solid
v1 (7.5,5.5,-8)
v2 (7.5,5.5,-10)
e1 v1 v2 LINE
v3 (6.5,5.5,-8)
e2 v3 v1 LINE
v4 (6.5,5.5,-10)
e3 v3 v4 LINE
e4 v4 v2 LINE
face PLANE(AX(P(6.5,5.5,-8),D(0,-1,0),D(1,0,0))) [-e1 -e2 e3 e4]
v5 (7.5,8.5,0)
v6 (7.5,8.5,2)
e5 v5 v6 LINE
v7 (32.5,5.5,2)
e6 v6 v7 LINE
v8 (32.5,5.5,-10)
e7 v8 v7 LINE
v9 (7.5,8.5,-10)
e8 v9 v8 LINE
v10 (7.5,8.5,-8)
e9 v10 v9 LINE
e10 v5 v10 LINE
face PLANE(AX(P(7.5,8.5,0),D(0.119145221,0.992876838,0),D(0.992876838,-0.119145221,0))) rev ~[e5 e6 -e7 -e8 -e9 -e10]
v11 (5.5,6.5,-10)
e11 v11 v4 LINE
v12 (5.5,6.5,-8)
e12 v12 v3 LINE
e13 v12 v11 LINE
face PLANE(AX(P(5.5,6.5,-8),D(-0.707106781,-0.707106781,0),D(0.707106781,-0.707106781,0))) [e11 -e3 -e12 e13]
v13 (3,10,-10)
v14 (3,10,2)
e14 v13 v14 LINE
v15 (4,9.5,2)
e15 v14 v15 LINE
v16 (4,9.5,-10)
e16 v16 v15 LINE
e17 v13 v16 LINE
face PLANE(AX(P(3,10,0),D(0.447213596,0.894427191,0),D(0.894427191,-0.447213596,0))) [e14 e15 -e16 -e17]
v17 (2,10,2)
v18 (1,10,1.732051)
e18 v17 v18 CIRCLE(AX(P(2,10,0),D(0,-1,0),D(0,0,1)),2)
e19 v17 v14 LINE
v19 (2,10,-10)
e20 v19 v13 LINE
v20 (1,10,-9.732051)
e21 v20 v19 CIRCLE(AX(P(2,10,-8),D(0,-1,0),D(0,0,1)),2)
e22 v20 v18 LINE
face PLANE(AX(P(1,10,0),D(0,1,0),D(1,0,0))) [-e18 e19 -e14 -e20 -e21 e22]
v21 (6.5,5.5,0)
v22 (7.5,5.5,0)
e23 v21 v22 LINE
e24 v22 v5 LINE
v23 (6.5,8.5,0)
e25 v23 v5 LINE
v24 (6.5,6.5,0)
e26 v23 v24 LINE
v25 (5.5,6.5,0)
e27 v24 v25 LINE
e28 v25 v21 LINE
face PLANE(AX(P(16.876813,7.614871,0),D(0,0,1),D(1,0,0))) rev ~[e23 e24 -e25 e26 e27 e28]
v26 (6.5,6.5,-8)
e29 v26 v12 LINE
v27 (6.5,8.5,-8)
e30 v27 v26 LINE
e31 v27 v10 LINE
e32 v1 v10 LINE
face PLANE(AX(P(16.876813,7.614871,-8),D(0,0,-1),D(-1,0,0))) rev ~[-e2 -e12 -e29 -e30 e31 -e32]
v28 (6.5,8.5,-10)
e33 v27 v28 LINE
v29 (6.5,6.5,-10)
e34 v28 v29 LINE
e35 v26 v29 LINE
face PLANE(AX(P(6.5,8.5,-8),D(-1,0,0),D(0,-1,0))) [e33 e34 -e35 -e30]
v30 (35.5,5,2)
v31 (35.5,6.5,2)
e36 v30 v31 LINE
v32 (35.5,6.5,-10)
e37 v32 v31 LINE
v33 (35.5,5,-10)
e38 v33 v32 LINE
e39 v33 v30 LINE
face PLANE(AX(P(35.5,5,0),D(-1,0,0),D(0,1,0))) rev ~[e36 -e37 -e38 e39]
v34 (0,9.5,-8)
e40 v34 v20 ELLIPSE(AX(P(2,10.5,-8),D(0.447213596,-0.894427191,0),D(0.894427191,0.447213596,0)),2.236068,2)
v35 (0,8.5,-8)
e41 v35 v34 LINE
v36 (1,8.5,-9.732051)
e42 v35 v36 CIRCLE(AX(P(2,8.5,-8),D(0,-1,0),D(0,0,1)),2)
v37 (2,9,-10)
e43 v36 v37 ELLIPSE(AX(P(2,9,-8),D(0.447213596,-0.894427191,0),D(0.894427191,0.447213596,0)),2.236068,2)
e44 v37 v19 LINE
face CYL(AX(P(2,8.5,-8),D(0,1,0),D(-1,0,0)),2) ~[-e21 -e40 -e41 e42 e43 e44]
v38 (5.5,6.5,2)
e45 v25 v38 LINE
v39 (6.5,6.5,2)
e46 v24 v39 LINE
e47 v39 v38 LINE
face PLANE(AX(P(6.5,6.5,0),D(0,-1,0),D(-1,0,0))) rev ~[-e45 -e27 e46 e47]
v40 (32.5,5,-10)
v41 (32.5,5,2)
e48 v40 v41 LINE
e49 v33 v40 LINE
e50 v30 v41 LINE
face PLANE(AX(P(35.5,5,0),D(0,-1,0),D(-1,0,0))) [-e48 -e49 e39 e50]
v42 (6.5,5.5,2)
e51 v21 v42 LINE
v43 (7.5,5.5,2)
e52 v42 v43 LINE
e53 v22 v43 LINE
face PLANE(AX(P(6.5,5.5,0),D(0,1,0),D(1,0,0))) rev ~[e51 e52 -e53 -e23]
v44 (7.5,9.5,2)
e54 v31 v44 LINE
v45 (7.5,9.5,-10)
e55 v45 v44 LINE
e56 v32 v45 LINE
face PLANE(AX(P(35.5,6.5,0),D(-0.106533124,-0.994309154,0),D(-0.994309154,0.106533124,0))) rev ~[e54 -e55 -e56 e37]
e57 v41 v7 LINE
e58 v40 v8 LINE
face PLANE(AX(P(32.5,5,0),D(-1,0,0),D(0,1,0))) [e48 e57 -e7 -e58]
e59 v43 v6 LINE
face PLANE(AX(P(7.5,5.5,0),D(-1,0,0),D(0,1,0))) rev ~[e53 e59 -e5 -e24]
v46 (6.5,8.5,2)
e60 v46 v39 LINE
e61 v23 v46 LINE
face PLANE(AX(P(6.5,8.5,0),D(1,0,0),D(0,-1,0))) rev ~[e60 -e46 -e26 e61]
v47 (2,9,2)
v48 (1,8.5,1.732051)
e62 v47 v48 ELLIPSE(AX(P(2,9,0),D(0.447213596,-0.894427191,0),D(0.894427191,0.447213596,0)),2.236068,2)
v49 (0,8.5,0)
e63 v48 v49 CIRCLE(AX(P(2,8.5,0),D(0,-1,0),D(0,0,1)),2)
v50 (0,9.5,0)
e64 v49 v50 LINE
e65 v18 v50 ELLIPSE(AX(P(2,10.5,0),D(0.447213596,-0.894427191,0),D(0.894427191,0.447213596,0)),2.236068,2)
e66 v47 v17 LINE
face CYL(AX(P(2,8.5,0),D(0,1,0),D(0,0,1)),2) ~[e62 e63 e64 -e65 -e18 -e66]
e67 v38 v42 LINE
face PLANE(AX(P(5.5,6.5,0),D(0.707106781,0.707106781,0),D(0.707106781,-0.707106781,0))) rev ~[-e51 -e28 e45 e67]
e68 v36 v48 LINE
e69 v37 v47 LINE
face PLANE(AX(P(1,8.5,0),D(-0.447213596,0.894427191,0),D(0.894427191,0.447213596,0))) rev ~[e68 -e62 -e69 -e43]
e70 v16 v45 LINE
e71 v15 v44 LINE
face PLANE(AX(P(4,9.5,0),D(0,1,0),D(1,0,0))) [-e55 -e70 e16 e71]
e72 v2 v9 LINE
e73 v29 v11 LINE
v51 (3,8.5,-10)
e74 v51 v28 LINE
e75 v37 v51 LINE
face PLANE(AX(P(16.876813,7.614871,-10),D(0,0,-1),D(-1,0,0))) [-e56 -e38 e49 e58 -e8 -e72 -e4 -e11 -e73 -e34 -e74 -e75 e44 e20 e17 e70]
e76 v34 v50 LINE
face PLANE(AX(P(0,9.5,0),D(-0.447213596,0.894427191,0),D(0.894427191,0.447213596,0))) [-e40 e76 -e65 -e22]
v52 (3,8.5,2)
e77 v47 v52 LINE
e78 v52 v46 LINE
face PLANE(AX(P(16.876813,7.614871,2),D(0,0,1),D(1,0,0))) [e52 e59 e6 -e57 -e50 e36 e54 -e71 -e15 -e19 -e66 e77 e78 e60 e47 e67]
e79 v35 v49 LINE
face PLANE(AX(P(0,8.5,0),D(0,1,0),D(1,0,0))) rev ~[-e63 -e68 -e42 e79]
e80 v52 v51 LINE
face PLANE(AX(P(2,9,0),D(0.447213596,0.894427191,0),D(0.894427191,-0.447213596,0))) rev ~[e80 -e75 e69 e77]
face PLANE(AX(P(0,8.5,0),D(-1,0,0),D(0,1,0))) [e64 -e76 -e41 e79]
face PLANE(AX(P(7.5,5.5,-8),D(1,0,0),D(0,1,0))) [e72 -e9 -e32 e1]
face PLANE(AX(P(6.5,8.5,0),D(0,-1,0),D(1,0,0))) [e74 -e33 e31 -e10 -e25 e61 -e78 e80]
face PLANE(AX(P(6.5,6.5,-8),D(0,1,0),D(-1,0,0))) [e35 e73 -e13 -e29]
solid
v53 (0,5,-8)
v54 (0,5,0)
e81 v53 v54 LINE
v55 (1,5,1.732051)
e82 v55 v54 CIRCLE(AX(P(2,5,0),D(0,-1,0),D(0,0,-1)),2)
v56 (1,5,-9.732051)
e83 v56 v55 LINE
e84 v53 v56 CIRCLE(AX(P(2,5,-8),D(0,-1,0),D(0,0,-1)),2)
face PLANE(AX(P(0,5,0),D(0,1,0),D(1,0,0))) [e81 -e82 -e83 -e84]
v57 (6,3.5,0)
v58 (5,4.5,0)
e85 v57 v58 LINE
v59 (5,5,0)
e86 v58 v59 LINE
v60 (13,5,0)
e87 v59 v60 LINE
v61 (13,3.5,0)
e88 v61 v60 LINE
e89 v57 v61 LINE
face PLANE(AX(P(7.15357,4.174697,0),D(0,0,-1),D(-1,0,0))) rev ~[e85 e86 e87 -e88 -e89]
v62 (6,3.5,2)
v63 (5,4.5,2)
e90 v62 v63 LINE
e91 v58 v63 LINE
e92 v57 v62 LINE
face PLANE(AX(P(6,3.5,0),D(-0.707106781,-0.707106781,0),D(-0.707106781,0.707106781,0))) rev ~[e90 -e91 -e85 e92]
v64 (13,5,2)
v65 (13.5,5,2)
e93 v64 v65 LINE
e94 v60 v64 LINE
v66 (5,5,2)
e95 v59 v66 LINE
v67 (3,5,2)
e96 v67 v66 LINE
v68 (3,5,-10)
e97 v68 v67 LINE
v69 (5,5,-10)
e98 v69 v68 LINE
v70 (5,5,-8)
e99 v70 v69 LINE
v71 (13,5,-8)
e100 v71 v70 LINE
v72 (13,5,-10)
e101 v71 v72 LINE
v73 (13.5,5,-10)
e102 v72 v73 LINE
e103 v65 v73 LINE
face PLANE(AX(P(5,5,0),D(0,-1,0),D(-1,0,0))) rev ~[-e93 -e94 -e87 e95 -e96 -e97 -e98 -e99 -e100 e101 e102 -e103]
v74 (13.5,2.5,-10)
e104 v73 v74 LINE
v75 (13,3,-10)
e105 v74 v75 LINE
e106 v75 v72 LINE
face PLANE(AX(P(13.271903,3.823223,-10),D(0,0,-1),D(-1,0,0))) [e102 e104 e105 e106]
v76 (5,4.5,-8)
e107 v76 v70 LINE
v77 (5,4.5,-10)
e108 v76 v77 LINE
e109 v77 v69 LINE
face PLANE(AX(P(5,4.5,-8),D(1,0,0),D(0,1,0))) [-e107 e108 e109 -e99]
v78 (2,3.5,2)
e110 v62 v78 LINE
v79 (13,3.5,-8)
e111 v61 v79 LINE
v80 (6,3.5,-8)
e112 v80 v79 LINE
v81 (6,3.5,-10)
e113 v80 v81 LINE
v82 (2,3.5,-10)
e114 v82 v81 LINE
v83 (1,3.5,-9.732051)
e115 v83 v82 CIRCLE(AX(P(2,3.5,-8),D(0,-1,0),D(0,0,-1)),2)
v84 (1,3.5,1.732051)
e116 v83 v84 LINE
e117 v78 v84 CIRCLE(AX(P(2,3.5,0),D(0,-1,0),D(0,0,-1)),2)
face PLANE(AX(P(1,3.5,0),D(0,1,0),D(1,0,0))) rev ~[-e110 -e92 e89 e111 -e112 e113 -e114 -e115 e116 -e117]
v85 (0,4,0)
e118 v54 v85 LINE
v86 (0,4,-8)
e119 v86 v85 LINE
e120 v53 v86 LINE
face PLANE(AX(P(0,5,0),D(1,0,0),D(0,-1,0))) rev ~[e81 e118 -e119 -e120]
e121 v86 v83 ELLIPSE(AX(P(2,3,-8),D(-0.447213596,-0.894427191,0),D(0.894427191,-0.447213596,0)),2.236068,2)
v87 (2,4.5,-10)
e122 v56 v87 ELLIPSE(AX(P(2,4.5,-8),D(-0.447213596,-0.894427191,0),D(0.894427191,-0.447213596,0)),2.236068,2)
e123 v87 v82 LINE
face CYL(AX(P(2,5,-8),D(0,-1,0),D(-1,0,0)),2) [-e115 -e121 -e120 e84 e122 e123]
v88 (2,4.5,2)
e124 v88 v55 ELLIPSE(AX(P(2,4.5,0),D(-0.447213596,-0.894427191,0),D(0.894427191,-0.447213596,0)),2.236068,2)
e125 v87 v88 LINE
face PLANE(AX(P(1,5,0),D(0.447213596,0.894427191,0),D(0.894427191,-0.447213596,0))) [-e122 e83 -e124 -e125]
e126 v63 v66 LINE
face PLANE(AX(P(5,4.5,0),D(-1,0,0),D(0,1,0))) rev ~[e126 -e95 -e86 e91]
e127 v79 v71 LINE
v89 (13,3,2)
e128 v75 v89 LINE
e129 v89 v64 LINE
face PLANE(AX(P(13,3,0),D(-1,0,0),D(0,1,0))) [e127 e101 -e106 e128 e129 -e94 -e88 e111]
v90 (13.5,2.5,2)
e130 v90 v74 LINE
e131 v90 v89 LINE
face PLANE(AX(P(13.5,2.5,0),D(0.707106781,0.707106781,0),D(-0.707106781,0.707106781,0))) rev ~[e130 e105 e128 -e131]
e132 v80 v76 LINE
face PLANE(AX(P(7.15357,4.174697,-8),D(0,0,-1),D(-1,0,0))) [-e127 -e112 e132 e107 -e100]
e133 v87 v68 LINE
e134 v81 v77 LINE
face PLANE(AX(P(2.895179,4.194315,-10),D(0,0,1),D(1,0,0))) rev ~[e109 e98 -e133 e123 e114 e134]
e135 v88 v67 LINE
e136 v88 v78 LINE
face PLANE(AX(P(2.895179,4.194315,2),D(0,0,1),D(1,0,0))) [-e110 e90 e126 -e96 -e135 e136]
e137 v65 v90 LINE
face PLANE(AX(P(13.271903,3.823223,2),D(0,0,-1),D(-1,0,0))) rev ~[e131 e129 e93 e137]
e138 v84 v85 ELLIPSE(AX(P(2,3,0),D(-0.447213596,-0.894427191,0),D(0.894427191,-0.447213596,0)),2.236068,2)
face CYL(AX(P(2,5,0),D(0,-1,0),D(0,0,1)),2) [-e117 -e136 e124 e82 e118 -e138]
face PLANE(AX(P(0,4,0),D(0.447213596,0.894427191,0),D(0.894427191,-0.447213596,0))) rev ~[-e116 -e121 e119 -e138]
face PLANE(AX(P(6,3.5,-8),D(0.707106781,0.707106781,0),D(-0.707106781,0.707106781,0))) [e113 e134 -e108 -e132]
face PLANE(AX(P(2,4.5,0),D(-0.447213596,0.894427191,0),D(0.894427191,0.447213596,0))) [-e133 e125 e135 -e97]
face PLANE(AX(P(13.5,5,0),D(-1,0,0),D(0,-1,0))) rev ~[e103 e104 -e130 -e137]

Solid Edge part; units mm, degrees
sketch "Sketch1" plane through (0, 0, 0) normal (0, 0, 1) x (1, 0, 0)
  line L0 (7.5, 8.5) -> (32.5, 5.5)
  line L1 (32.5, 5) -> (32.5, 5.5)
  line L2 (35.5, 5) -> (32.5, 5)
  line L3 (35.5, 5) -> (35.5, 6.5)
  line L4 (35.5, 6.5) -> (7.5, 9.5)
  line L5 (4, 9.5) -> (7.5, 9.5)
  line L6 (3, 10) -> (4, 9.5)
  line L7 (1, 10) -> (3, 10)
  line L8 (0, 9.5) -> (1, 10)
  line L9 (0, 8.5) -> (0, 9.5)
  line L10 (0, 8.5) -> (1, 8.5)
  line L11 (1, 8.5) -> (2, 9)
  line L12 (2, 9) -> (3, 8.5)
  line L13 (3, 8.5) -> (6.5, 8.5)
  line L14 (6.5, 8.5) -> (6.5, 6.5)
  line L15 (6.5, 6.5) -> (5.5, 6.5)
  line L16 (5.5, 6.5) -> (6.5, 5.5)
  line L17 (6.5, 5.5) -> (7.5, 5.5)
  line L18 (7.5, 5.5) -> (7.5, 8.5)
  line L19 (5, 5) -> (4, 5)
  line L20 (3, 5) -> (4, 5)
  line L21 (2, 4.5) -> (3, 5)
  line L22 (1, 5) -> (2, 4.5)
  line L23 (0, 5) -> (1, 5)
  line L24 (0, 5) -> (0, 4)
  line L25 (0, 4) -> (1, 3.5)
  line L26 (1, 3.5) -> (4, 3.5)
  line L27 (4, 3.5) -> (6, 3.5)
  line L28 (6, 3.5) -> (5, 4.5)
  line L29 (5, 4.5) -> (5, 5)
  line L30 (13.5, 5) -> (13.5, 2.5)
  line L31 (13.5, 2.5) -> (13, 3)
  line L32 (13, 3) -> (13, 5)
  line L33 (13, 5) -> (13.5, 5)
extrude "Protrusion1" add sketch "Sketch1" along normal blind 2
sketch "Sketch2" plane through (0, 0, 0) normal (0, 0, 1) x (1, 0, 0)
  line L0 (13.5, 5) -> (13.5, 2.5)
  line L1 (13.5, 2.5) -> (13, 3)
  line L2 (13, 3.5) -> (13, 3)
  line L3 (6, 3.5) -> (13, 3.5)
  line L4 (4, 3.5) -> (6, 3.5)
  line L5 (1, 3.5) -> (4, 3.5)
  line L6 (0, 4) -> (1, 3.5)
  line L7 (0, 5) -> (0, 4)
  line L8 (0, 5) -> (1, 5)
  line L9 (1, 5) -> (2, 4.5)
  line L10 (2, 4.5) -> (3, 5)
  line L11 (3, 5) -> (4, 5)
  line L12 (5, 5) -> (4, 5)
  line L13 (5, 5) -> (13, 5)
  line L14 (13, 5) -> (13.5, 5)
  line L15 (7.5, 8.5) -> (32.5, 5.5)
  line L16 (32.5, 5) -> (32.5, 5.5)
  line L17 (35.5, 5) -> (32.5, 5)
  line L18 (35.5, 5) -> (35.5, 6.5)
  line L19 (35.5, 6.5) -> (7.5, 9.5)
  line L20 (4, 9.5) -> (7.5, 9.5)
  line L21 (3, 10) -> (4, 9.5)
  line L22 (1, 10) -> (3, 10)
  line L23 (0, 9.5) -> (1, 10)
  line L24 (0, 8.5) -> (0, 9.5)
  line L25 (0, 8.5) -> (1, 8.5)
  line L26 (1, 8.5) -> (2, 9)
  line L27 (2, 9) -> (3, 8.5)
  line L28 (3, 8.5) -> (6.5, 8.5)
  line L29 (6.5, 8.5) -> (7.5, 8.5)
  dimension "D1" = 22
extrude "Protrusion2" add sketch "Sketch2" against normal blind 8
sketch "Sketch3" plane through (0, 0, -8) normal (0, 0, 1) x (1, 0, 0)
  line L0 (5, 4.5) -> (5, 5)
  line L1 (5, 5) -> (4, 5)
  line L2 (3, 5) -> (4, 5)
  line L3 (2, 4.5) -> (3, 5)
  line L4 (1, 5) -> (2, 4.5)
  line L5 (0, 5) -> (1, 5)
  line L6 (0, 5) -> (0, 4)
  line L7 (0, 4) -> (1, 3.5)
  line L8 (1, 3.5) -> (4, 3.5)
  line L9 (4, 3.5) -> (6, 3.5)
  line L10 (6, 3.5) -> (5, 4.5)
  line L11 (13, 3) -> (13, 5)
  line L12 (13, 5) -> (13.5, 5)
  line L13 (13.5, 5) -> (13.5, 2.5)
  line L14 (13.5, 2.5) -> (13, 3)
  line L15 (4, 9.5) -> (7.5, 9.5)
  line L16 (35.5, 6.5) -> (7.5, 9.5)
  line L17 (35.5, 5) -> (35.5, 6.5)
  line L18 (35.5, 5) -> (32.5, 5)
  line L19 (32.5, 5) -> (32.5, 5.5)
  line L20 (7.5, 8.5) -> (32.5, 5.5)
  line L21 (7.5, 5.5) -> (7.5, 8.5)
  line L22 (6.5, 5.5) -> (7.5, 5.5)
  line L23 (5.5, 6.5) -> (6.5, 5.5)
  line L24 (6.5, 6.5) -> (5.5, 6.5)
  line L25 (6.5, 8.5) -> (6.5, 6.5)
  line L26 (3, 8.5) -> (6.5, 8.5)
  line L27 (2, 9) -> (3, 8.5)
  line L28 (1, 8.5) -> (2, 9)
  line L29 (0, 8.5) -> (1, 8.5)
  line L30 (0, 8.5) -> (0, 9.5)
  line L31 (0, 9.5) -> (1, 10)
  line L32 (1, 10) -> (3, 10)
  line L33 (3, 10) -> (4, 9.5)
extrude "SecondExtrusion" add sketch "Sketch3" against normal blind 2
fillet "Round_2" radius 2 4 edges at (0, 9, 2) (0, 4.5, 2) (0, 9, -10) (0, 4.5, -10)
